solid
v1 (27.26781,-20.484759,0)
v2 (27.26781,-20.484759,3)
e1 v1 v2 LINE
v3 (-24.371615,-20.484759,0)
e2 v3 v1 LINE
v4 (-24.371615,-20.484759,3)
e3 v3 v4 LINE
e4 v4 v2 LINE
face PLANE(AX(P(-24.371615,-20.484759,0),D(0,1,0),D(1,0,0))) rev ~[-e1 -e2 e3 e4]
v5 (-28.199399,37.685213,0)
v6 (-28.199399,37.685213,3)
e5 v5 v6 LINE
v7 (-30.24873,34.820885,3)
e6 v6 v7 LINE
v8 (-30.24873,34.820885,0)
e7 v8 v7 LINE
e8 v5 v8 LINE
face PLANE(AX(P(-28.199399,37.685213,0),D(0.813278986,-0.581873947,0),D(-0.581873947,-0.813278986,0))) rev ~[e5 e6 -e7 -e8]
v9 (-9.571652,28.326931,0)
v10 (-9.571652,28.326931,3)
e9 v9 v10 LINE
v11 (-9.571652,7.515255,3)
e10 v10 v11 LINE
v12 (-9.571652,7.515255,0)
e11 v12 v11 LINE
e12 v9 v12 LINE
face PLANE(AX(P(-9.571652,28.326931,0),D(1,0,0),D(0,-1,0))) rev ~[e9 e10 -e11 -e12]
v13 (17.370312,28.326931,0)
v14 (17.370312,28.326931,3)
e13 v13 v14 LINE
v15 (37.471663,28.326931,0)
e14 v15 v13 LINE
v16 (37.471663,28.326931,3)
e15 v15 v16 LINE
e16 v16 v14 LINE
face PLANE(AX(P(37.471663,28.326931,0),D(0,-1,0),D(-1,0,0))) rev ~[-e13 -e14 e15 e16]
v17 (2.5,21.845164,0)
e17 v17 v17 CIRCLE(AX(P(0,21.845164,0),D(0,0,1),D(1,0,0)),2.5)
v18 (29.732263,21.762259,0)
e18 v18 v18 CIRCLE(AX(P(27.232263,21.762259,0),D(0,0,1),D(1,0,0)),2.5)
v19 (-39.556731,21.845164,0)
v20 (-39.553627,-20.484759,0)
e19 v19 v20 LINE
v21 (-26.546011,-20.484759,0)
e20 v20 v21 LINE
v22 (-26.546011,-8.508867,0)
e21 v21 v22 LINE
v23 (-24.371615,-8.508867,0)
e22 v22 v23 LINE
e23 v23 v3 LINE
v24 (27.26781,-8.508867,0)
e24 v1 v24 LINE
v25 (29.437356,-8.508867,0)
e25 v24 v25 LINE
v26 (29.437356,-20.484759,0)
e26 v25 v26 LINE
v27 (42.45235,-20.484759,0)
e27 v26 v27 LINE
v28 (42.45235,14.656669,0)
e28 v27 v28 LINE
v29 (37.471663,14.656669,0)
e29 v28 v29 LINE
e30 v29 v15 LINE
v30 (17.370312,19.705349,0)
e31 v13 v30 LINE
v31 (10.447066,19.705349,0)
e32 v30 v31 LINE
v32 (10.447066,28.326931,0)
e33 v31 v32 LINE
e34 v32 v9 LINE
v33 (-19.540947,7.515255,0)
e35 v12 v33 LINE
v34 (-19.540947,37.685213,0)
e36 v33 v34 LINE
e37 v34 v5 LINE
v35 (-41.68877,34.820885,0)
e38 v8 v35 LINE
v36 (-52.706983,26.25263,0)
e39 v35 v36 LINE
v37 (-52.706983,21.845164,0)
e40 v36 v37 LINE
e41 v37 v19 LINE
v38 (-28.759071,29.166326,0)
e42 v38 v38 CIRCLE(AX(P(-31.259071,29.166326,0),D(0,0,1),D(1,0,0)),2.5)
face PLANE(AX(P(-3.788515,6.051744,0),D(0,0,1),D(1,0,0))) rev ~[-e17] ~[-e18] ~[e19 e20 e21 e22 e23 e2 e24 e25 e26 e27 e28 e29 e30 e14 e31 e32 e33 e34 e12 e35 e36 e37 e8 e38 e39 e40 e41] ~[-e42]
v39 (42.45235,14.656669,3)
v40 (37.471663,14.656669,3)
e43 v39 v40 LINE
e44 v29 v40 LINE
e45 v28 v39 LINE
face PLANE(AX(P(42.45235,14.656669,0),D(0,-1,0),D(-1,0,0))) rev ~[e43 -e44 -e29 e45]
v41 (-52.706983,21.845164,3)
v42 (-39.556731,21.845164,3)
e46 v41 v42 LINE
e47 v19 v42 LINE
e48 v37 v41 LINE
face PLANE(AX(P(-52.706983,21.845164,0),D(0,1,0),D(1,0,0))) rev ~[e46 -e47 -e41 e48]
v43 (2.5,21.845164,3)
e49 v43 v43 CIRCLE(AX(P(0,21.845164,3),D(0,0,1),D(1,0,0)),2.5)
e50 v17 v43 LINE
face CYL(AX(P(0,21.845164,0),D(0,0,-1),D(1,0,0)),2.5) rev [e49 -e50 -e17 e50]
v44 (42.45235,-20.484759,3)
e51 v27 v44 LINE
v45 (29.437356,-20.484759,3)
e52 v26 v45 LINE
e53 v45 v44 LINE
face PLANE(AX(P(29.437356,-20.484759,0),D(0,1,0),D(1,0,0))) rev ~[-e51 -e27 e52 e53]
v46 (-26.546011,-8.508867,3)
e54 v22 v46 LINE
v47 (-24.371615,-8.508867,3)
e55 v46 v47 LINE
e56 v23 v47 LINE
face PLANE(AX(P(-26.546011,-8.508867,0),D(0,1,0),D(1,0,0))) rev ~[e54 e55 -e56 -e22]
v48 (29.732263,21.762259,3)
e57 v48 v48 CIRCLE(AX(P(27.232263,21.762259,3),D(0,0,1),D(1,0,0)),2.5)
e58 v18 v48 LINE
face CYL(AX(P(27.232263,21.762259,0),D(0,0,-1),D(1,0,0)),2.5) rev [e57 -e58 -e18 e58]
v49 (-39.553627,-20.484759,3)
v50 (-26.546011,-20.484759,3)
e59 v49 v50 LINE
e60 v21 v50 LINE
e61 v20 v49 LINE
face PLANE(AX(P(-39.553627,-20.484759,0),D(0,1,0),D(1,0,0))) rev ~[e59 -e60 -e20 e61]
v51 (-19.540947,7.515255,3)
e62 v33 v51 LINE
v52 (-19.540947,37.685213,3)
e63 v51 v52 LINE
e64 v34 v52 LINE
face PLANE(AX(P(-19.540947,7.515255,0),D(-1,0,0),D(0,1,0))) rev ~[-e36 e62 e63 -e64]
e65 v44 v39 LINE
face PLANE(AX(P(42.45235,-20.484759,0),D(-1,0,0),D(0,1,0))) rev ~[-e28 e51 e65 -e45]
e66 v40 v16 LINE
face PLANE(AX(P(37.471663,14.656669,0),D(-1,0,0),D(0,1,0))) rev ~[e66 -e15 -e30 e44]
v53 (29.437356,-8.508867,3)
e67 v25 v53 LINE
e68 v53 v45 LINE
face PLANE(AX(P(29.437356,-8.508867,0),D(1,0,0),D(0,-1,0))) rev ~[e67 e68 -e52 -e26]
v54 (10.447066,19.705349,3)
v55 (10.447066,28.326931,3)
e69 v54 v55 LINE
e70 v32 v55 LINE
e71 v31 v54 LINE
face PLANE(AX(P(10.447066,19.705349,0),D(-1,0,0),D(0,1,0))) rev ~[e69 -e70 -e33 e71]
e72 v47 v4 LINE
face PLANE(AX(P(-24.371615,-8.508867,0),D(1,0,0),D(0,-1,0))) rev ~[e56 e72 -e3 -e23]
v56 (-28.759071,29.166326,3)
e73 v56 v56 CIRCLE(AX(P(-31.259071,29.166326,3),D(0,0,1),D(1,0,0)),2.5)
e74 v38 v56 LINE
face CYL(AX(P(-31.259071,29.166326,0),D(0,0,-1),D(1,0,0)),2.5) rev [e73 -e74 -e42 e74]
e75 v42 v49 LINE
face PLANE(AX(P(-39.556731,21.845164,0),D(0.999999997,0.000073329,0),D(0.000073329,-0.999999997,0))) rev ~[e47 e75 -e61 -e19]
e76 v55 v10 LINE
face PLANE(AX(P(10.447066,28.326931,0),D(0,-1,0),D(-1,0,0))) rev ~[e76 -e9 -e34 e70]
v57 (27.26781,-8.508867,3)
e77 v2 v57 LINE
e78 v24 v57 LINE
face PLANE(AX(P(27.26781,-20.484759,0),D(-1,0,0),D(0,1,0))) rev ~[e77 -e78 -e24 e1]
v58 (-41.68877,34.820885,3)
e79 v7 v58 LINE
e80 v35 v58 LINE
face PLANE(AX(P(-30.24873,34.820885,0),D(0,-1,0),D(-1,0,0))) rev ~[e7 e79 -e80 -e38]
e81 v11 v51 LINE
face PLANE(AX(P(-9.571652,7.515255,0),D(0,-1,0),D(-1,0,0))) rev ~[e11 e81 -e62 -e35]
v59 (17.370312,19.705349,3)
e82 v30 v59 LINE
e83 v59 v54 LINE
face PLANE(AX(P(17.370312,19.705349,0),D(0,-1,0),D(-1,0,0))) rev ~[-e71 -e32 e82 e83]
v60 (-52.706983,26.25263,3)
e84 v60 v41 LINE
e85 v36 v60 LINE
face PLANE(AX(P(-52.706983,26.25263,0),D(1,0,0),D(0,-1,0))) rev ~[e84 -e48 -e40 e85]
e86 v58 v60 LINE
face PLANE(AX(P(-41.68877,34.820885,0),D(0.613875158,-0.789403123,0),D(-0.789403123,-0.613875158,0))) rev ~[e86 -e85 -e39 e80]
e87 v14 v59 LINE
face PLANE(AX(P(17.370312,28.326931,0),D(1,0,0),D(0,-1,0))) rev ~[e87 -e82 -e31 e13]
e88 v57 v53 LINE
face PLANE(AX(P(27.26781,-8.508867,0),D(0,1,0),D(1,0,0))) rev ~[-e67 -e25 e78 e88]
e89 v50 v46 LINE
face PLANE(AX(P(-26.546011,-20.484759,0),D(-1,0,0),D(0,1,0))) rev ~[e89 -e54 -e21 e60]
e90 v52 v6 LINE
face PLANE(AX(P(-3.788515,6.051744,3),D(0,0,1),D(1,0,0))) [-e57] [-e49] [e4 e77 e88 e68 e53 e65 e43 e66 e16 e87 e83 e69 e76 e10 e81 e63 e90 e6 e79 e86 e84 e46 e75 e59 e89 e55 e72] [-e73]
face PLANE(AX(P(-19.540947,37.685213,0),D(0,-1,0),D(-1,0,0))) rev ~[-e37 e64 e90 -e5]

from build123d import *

# Parameters (mm, degrees)
F0_R     = 2.5
F1_DEPTH = 3


with BuildPart() as f1:
    # F0 (on Top) → F1 (new body)
    with BuildSketch(Plane.XY):
        Polygon((-39.556731, 21.845164), (-39.553627, -20.484759), (-26.546011, -20.484759), (-26.546011, -8.508867), (-24.371615, -8.508867), (-24.371615, -20.484759), (27.26781, -20.484759), (27.26781, -8.508867), (29.437356, -8.508867), (29.437356, -20.484759), (42.45235, -20.484759), (42.45235, 14.656669), (37.471663, 14.656669), (37.471663, 28.326931), (17.370312, 28.326931), (17.370312, 19.705349), (10.447066, 19.705349), (10.447066, 28.326931), (-9.571652, 28.326931), (-9.571652, 7.515255), (-19.540947, 7.515255), (-19.540947, 37.685213), (-28.199399, 37.685213), (-30.24873, 34.820885), (-41.68877, 34.820885), (-52.706983, 26.25263), (-52.706983, 21.845164), align=None)
        with Locations((-31.259071, 29.166326)):
            Circle(F0_R, mode=Mode.SUBTRACT)
        with Locations((0, 21.845164)):
            Circle(F0_R, mode=Mode.SUBTRACT)
        with Locations((27.232263, 21.762259)):
            Circle(F0_R, mode=Mode.SUBTRACT)
    extrude(amount=F1_DEPTH)


solid = f1.part
